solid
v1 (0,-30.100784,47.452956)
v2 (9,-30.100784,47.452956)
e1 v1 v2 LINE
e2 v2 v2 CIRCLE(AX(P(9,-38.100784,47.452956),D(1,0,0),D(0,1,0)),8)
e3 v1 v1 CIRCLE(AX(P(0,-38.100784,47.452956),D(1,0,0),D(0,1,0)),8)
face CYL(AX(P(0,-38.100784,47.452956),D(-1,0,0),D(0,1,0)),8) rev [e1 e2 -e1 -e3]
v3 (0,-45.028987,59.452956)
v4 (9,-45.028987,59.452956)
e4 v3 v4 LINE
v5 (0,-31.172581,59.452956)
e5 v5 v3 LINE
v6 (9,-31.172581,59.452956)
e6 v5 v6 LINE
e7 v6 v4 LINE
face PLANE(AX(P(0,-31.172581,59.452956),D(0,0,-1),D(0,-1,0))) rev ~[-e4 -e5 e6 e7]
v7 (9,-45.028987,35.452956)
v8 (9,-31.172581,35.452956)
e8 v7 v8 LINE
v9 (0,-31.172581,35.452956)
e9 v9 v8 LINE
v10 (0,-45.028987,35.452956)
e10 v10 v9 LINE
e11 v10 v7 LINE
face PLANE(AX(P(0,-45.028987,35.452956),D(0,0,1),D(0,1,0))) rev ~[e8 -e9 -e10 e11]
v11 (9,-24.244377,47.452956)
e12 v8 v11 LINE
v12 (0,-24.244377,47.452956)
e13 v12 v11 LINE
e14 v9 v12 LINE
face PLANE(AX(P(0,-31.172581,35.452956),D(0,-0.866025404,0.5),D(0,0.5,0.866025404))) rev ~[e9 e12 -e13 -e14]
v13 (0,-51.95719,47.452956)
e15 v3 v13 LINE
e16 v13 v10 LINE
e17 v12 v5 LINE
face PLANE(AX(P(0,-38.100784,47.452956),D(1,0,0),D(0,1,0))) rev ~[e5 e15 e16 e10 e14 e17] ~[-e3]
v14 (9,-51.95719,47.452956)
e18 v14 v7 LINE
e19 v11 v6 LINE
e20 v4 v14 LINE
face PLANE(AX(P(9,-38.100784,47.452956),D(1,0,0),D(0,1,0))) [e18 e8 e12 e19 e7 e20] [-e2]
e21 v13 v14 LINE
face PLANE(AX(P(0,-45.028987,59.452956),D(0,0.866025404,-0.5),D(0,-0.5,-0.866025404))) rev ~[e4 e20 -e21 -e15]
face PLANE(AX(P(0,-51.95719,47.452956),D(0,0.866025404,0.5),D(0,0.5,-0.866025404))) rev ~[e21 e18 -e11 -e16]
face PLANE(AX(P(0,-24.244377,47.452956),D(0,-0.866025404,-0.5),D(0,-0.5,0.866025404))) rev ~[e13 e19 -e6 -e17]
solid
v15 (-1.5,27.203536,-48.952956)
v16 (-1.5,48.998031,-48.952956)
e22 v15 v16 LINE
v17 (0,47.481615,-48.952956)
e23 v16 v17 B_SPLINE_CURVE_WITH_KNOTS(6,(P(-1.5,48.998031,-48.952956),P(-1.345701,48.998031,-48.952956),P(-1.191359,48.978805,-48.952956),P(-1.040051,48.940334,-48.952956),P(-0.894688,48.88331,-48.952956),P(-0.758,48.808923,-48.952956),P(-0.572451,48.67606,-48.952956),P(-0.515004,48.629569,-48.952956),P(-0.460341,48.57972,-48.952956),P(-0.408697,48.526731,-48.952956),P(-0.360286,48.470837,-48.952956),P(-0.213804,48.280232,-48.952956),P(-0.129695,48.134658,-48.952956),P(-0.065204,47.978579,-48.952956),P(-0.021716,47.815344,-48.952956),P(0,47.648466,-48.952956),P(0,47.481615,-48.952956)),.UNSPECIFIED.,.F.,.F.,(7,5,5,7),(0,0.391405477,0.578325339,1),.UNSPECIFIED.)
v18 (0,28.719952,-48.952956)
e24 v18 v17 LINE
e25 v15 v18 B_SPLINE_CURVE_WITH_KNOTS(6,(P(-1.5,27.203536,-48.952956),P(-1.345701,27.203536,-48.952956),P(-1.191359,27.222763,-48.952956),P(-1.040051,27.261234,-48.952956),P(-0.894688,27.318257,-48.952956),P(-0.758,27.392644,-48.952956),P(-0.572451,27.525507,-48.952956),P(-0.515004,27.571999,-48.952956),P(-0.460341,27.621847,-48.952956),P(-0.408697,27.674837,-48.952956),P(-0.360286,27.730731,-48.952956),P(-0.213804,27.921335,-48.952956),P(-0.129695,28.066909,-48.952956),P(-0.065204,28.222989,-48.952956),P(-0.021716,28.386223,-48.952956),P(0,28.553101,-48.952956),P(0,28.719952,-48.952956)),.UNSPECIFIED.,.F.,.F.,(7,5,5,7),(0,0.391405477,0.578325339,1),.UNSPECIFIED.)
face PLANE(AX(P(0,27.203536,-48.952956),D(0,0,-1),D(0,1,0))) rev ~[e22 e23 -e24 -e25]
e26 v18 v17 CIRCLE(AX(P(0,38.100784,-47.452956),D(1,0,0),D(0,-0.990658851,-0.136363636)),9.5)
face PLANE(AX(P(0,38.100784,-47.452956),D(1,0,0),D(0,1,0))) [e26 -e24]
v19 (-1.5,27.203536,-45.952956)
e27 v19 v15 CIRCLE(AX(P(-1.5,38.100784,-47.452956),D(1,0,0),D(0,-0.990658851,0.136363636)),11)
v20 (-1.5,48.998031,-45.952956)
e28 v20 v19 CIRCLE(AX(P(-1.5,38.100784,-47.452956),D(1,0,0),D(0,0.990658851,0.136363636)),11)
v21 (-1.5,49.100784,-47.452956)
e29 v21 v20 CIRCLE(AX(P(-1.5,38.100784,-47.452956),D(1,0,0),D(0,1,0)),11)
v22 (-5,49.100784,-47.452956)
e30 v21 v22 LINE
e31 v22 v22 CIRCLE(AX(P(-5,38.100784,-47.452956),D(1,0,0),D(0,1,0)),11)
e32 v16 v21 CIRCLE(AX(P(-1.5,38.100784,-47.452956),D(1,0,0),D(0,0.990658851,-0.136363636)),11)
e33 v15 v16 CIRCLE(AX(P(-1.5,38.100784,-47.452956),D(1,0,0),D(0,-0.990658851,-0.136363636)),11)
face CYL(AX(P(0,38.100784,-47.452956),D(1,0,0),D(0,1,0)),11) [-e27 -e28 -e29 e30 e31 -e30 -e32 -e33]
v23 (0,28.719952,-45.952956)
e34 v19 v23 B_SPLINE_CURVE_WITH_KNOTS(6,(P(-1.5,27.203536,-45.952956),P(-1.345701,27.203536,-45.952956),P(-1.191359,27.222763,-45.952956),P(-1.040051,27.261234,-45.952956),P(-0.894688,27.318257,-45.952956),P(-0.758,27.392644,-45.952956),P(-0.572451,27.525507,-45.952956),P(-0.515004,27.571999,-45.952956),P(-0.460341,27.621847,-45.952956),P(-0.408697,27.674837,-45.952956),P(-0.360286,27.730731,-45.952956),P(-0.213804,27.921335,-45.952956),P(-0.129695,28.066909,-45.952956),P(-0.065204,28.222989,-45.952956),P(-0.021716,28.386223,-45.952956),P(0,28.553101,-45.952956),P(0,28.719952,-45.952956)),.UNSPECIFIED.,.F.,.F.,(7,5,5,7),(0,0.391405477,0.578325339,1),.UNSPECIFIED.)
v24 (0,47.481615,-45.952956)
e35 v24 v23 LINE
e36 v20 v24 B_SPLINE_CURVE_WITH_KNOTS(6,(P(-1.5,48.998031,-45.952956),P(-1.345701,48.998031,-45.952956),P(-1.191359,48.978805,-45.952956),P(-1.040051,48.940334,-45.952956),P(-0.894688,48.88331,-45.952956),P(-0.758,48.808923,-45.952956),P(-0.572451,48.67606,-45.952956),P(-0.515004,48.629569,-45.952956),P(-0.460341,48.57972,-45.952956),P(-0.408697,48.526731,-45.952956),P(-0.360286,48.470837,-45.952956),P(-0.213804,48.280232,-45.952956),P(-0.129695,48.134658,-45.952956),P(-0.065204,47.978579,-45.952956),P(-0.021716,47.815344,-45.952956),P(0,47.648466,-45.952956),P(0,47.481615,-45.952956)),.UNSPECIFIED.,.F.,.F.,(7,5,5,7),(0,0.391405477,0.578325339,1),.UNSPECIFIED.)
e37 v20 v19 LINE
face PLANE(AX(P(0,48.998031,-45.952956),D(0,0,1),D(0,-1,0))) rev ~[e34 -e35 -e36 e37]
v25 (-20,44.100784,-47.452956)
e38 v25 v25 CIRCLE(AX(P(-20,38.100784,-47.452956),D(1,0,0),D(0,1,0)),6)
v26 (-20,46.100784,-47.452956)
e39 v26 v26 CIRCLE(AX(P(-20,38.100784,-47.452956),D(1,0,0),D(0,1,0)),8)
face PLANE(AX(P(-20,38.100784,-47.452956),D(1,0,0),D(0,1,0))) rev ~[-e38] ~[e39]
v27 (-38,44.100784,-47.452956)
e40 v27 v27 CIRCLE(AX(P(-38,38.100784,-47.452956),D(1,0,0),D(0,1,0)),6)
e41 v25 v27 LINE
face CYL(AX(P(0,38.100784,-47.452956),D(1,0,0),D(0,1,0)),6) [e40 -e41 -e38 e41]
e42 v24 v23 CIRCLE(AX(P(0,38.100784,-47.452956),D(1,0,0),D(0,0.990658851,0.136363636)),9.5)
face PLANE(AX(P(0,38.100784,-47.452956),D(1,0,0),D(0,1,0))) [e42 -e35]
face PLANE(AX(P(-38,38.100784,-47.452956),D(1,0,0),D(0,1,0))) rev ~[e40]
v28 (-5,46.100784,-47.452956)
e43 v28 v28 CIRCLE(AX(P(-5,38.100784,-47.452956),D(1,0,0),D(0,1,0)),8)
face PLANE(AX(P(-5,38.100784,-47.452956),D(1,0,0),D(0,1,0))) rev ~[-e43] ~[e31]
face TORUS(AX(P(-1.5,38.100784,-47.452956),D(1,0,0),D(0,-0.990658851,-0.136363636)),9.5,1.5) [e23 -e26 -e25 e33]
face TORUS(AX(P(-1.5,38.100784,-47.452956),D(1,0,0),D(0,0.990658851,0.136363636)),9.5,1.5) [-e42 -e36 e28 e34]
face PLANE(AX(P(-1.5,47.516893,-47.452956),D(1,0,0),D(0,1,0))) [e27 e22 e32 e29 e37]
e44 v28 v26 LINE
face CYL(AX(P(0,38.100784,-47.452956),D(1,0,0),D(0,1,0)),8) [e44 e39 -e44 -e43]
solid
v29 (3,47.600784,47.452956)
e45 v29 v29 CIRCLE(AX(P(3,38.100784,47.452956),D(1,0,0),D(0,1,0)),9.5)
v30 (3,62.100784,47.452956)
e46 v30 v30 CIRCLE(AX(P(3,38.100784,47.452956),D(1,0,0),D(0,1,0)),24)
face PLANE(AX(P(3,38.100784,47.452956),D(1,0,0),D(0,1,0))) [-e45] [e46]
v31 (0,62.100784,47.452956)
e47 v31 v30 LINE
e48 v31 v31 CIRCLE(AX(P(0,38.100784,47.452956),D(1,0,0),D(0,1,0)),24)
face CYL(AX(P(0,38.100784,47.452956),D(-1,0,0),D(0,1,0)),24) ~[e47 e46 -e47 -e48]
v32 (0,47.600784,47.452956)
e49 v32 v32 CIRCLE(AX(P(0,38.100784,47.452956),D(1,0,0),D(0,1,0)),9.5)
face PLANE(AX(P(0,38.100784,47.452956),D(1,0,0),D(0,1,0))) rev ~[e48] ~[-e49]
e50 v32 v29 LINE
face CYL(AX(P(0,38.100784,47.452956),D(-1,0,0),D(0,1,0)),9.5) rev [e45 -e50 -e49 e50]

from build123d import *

# Parameters (mm, degrees)
F0_R     = 24
F0_R_2   = 9.5
F1_DEPTH = 3
F0_R_3   = 8
F2_DEPTH = 9
F0_R_4   = 11
F3_DEPTH = 5
F0_R_5   = 6
F4_DEPTH = 20
F5_DEPTH = 38
F7_DEPTH = 1.5
F8_R     = 1.5


with BuildPart() as f1:
    # F0 (on Right) → F1 (new body)
    with BuildSketch(Plane.YZ):
        with Locations((38.1007837561, 47.4529557896)):
            Circle(F0_R)
        with Locations((38.1007837561, 47.4529557896)):
            Circle(F0_R_2, mode=Mode.SUBTRACT)
    extrude(amount=F1_DEPTH)


with BuildPart() as f2:
    # F0 (on Right) → F2 (new body)
    with BuildSketch(Plane.YZ):
        Polygon((-31.1725805258, 59.4529557896), (-45.0289869863, 59.4529557896), (-51.9571902166, 47.4529557896), (-45.0289869863, 35.4529557896), (-31.1725805258, 35.4529557896), (-24.2443772955, 47.4529557896), align=None)
        with Locations((-38.1007837561, 47.4529557896)):
            Circle(F0_R_3, mode=Mode.SUBTRACT)
    extrude(amount=F2_DEPTH)


with BuildPart() as f3:
    # F0 (on Right) → F3 (new body)
    with BuildSketch(Plane.YZ):
        with Locations((38.1007837561, -47.4529557896)):
            Circle(F0_R_4)
        with Locations((38.1007837561, -47.4529557896)):
            Circle(F0_R_3, mode=Mode.SUBTRACT)
    extrude(amount=-F3_DEPTH)

    # F0 (on Right) → F4 (join)
    with BuildSketch(Plane.YZ):
        with Locations((38.1007837561, -47.4529557896)):
            Circle(F0_R_3)
        with Locations((38.1007837561, -47.4529557896)):
            Circle(F0_R_5, mode=Mode.SUBTRACT)
    extrude(amount=-F4_DEPTH)

    # F0 (on Right) → F5 (join)
    with BuildSketch(Plane.YZ):
        with Locations((38.1007837561, -47.4529557896)):
            Circle(F0_R_5)
    extrude(amount=-F5_DEPTH)

    # F6 (on face) → F7 (cut)
    with BuildSketch(Plane.YZ):
        with BuildLine():
            ThreePointArc((48.9980311149, -48.9529557896), (49.0750655309, -48.2047134144), (49.1007837561, -47.4529557896))
            ThreePointArc((49.1007837561, -47.4529557896), (49.0750655309, -46.7011981649), (48.9980311149, -45.9529557896))
            Line((48.9980311149, -45.9529557896), (45.9589005788, -45.9529557896))
            ThreePointArc((45.9589005788, -45.9529557896), (46.0652339751, -46.6996081216), (46.1007837561, -47.4529557896))
            ThreePointArc((46.1007837561, -47.4529557896), (46.0652339751, -48.2063034577), (45.9589005788, -48.9529557896))
            Line((45.9589005788, -48.9529557896), (48.9980311149, -48.9529557896))
        make_face()
        with BuildLine():
            ThreePointArc((46.1007837561, -47.4529557896), (46.0652339751, -46.6996081216), (45.9589005788, -45.9529557896))
            Line((45.9589005788, -45.9529557896), (30.2426669333, -45.9529557896))
            ThreePointArc((30.2426669333, -45.9529557896), (30.1007837561, -47.4529557896), (30.2426669333, -48.9529557896))
            Line((30.2426669333, -48.9529557896), (45.9589005788, -48.9529557896))
            ThreePointArc((45.9589005788, -48.9529557896), (46.0652339751, -48.2063034577), (46.1007837561, -47.4529557896))
        make_face()
        with BuildLine():
            Line((30.2426669333, -45.9529557896), (27.2035363972, -45.9529557896))
            ThreePointArc((27.2035363972, -45.9529557896), (27.1007837561, -47.4529557896), (27.2035363972, -48.9529557896))
            Line((27.2035363972, -48.9529557896), (30.2426669333, -48.9529557896))
            ThreePointArc((30.2426669333, -48.9529557896), (30.1007837561, -47.4529557896), (30.2426669333, -45.9529557896))
        make_face()
    extrude(amount=-F7_DEPTH, mode=Mode.SUBTRACT)

    # F8
    f8_edges = [f3.edges().sort_by_distance(p)[0] for p in [
        (0, 38.100784, -36.452956),
        (0, 38.100784, -58.452956),
    ]]
    fillet(f8_edges, radius=F8_R)


solid = Compound([f1.part, f2.part, f3.part])
